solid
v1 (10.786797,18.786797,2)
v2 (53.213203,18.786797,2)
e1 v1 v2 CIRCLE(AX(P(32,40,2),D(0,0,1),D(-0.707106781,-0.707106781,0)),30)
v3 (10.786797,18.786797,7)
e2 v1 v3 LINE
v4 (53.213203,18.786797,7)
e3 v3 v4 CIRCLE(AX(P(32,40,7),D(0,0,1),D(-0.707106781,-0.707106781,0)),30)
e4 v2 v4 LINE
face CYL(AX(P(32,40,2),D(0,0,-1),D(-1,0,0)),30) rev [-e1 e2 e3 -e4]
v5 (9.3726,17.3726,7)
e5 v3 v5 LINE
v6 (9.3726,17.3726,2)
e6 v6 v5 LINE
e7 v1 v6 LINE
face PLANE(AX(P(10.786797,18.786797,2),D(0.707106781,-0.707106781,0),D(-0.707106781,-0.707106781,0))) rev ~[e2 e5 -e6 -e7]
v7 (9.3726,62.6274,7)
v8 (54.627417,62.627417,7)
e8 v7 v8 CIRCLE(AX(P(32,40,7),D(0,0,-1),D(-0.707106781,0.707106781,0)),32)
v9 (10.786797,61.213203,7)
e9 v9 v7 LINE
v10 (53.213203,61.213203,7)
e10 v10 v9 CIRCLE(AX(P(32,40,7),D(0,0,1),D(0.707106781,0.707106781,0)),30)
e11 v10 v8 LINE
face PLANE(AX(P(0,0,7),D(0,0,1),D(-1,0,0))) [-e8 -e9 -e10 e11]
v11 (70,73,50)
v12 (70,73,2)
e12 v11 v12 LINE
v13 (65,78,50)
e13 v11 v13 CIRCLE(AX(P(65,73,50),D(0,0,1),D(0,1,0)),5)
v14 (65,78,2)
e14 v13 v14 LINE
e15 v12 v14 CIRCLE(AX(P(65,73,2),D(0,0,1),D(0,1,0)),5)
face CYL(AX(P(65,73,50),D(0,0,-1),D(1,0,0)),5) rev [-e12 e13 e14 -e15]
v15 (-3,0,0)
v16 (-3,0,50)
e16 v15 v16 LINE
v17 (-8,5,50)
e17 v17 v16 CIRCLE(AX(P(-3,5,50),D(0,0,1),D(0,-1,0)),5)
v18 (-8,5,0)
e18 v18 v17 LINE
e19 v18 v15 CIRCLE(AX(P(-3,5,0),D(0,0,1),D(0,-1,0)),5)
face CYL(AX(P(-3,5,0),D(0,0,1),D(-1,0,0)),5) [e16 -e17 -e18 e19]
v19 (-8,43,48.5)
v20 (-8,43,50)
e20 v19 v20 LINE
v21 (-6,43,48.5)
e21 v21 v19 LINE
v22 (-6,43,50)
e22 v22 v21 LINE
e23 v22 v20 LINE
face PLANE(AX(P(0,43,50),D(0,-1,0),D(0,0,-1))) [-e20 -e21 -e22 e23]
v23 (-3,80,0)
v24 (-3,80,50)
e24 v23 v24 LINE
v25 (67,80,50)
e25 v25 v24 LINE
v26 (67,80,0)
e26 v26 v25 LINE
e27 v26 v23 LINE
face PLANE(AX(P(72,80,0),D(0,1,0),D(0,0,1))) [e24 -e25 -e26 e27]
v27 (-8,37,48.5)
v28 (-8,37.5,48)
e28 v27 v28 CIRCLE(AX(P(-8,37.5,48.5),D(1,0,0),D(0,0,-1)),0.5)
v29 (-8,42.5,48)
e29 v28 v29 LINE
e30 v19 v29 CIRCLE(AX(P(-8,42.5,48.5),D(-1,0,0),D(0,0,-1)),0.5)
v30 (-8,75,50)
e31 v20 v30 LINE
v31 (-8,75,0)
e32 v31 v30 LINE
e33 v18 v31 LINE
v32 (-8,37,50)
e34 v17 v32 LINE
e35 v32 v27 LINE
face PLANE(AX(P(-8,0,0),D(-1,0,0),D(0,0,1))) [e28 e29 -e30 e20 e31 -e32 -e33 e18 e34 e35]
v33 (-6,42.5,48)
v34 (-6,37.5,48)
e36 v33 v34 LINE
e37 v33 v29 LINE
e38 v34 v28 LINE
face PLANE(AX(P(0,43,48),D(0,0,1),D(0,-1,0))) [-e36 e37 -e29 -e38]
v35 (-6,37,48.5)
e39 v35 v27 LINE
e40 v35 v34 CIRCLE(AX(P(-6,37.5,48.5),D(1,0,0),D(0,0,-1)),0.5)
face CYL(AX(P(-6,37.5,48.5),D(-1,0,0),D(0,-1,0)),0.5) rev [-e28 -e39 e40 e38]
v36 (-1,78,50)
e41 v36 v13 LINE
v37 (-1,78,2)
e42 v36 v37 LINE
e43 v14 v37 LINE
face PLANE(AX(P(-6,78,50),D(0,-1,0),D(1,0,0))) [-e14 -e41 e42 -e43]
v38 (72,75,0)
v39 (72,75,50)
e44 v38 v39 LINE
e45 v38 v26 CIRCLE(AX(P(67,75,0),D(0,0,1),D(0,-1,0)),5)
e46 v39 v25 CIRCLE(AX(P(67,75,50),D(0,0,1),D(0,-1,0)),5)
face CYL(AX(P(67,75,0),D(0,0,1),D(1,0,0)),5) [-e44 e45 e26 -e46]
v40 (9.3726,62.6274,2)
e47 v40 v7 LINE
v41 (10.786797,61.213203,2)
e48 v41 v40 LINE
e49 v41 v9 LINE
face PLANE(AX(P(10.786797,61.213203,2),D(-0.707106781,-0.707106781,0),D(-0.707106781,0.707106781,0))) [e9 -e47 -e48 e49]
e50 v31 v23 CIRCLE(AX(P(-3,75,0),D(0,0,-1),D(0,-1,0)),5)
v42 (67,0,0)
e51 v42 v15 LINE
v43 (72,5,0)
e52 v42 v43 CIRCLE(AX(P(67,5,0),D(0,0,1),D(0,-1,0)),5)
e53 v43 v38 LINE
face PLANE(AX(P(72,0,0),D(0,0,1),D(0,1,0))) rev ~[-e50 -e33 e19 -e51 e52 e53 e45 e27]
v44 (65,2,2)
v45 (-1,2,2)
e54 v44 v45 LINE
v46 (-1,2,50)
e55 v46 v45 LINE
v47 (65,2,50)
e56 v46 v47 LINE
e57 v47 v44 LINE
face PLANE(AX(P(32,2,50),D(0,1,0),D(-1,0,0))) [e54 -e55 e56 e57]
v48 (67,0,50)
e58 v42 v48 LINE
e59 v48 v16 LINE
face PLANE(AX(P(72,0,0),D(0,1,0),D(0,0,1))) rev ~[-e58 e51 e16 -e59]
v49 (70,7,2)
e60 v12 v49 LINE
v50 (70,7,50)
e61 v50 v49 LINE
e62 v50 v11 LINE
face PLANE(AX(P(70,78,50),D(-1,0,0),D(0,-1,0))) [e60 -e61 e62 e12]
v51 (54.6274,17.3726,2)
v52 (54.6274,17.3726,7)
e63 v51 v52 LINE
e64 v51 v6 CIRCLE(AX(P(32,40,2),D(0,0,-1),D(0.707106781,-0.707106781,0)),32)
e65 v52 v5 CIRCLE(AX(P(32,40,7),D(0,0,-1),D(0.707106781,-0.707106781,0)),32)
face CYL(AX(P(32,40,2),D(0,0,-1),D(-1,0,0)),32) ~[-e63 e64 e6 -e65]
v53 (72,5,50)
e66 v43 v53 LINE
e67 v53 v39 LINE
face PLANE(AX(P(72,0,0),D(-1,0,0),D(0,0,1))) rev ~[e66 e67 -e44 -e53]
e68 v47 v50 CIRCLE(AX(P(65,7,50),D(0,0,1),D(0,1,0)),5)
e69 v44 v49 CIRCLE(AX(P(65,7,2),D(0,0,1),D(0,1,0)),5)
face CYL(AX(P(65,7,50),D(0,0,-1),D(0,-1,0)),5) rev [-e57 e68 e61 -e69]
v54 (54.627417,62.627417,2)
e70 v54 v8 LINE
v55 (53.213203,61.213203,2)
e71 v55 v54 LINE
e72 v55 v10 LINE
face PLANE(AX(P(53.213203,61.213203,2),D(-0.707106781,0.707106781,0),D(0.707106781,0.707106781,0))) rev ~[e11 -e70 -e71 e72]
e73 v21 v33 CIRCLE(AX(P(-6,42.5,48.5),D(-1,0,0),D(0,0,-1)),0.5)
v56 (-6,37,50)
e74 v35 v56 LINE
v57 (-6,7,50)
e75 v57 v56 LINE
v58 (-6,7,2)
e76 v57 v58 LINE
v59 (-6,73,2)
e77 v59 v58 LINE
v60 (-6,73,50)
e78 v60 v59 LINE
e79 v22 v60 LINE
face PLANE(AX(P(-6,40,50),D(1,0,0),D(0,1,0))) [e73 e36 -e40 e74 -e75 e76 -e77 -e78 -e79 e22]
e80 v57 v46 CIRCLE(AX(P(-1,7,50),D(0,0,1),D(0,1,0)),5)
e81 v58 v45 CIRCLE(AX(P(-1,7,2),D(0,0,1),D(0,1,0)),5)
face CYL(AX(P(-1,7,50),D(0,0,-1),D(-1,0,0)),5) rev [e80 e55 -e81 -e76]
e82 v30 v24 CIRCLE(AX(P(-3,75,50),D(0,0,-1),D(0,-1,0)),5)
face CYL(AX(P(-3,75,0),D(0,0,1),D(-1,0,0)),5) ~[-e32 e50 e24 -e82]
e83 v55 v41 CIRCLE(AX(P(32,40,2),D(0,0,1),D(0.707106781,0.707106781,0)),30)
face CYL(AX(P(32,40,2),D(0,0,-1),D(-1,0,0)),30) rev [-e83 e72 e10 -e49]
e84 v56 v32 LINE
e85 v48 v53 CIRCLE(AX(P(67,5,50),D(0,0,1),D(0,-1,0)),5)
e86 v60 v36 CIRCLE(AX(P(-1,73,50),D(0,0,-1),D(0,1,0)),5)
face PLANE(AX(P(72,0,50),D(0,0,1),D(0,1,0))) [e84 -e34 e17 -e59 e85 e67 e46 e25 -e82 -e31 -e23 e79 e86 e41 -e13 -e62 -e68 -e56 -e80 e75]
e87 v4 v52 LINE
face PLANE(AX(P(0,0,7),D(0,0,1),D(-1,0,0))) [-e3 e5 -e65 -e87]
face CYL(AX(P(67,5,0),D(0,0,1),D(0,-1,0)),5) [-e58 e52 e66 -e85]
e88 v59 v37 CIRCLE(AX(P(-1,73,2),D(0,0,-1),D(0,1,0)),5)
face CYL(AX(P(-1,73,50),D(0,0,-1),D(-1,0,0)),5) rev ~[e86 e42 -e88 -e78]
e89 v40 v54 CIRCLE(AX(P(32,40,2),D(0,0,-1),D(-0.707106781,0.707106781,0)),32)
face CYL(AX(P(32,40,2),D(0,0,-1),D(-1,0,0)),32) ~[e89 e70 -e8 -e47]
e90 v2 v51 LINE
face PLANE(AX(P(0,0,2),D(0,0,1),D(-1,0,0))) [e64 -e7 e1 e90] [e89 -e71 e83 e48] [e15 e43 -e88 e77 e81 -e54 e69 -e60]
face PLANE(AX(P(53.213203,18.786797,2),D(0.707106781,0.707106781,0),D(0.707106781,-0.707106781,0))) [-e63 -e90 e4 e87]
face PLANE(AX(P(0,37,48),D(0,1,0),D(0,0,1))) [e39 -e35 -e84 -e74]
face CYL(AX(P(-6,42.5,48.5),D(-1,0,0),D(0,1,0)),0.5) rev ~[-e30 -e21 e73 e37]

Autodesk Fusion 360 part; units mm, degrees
sketch "Sketch1" plane through (0, 0, 0) normal (0, 0, 1) x (1, 0, 0)
box "BoxPrimitive1" add length 80 width 80 height 50 placed x (0, 1, 0) y (-1, 0, 0) z (0, 0, 1) at (72, 0, 0)
sketch "Sketch3" plane through (0, 0, 50) normal (0, 0, 1) x (-1, 0, 0)
  line L0 (-72, -80) -> (8, -80)
  line L1 (8, -80) -> (8, 0)
  line L2 (8, 0) -> (-72, 0)
  line L3 (-72, 0) -> (-72, -80)
  line L4 (8, 0) -> (-72, 0)
  line L5 (-72, 0) -> (-72, -80)
  line L6 (-72, -80) -> (8, -80)
  line L7 (8, -80) -> (8, 0)
  line L8 (8, 0) -> (-72, -80) construction
  line L9 (-72, 0) -> (8, -80) construction
  line L10 (6, -78) -> (-70, -78)
  line L11 (-70, -78) -> (-70, -2)
  line L12 (-70, -2) -> (6, -2)
  line L13 (6, -2) -> (6, -78)
  line L14 (6, -78) -> (-70, -2) construction
  line L15 (-70, -78) -> (6, -2) construction
  line L16 (-32, 0) -> (-32, -80)
  line L17 (8, -40) -> (-72, -40)
  point P0 (-32, -40)
  point P1 (-32, -40)
  dimension "d14" = 80
  dimension "d17" = 76
extrude "Extrude1" cut sketch "Sketch3" against normal blind 48 contours L10 L13 L16 L17 | L10 L11 L16 L17 | L11 L12 L16 L17 | L12 L13 L16 L17
sketch "Sketch4" plane through (0, 0, 0) normal (1, 0, 0) x (0, 1, 0)
  line L0 (0, 50) -> (80, 50)
  line L1 (43, 48) -> (37, 48)
  line L2 (37, 48) -> (37, 50)
  line L3 (43, 50) -> (43, 48)
  line L4 (43, 48) -> (40, 50) construction
  line L5 (37, 48) -> (40, 50) construction
extrude "Extrude2" cut sketch "Sketch4" against normal blind 10
fillet "Fillet1" radius 5 4 edges at (-6, 78, 26) (-6, 2, 26) (70, 2, 26) (70, 78, 26)
sketch "Sketch6" plane through (0, 0, 0) normal (0, -1, 0) x (1, 0, 0)
  line L0 (-8, 50) -> (-8, 0)
  line L1 (-8, 0) -> (72, 0)
  line L2 (72, 0) -> (72, 50)
  line L3 (72, 50) -> (-8, 50)
ref_plane "WorkPlane1" through (0, 40, 0) normal (0, -1, 0) x (1, 0, 0)
sketch "Sketch7" plane through (0, 40, 0) normal (0, -1, 0) x (-1, 0, 0)
fillet "Fillet2" radius 0.5 2 edges at (-7, 37, 48) (-7, 43, 48)
sketch "Sketch8" plane through (0, 0, 2) normal (0, 0, 1) x (-1, 0, 0)
  circle A0 centre (-32, -40) radius 30
  circle A1 centre (-32, -40) radius 32
  line L0 (-32, -40) -> (-32, -7)
  line L1 (-32, -40) -> (-32, -72)
  line L2 (-32, -40) -> (0, -40)
  line L3 (-32, -40) -> (-64, -40)
  line L4 (-32, -40) -> (-9.3726, -62.6274)
  line L5 (-32, -40) -> (-54.6505, -62.6505)
  line L6 (-32, -40) -> (-64.0327, -40) construction
  line L7 (-32, -40) -> (-9.3726, -17.3726)
  line L8 (-32, -40) -> (0, -40) construction
  line L9 (-32, -40) -> (-54.6274, -17.3726)
  line L10 (-32, -40) -> (-64, -40) construction
  arc A2 (-70, -73) -> (-65, -78) centre (-65, -73) ccw
  line L11 (-65, -78) -> (1, -78)
  arc A3 (1, -78) -> (6, -73) centre (1, -73) ccw
  line L12 (6, -73) -> (6, -7)
  arc A4 (6, -7) -> (1, -2) centre (1, -7) ccw
  line L13 (1, -2) -> (-65, -2)
  arc A5 (-65, -2) -> (-70, -7) centre (-65, -7) ccw
  line L14 (-70, -7) -> (-70, -73)
  dimension "d29" = 45
  dimension "d30" = 45
  dimension "d31" = 45
  dimension "d32" = 45
extrude "Extrude3" add sketch "Sketch8" along normal blind 5 contours A0 A1 L0 L7 | A0 A1 L1 L4 | A0 A1 L0 L9 | A0 A1 L1 L5
fillet "Fillet3" radius 5 4 edges at (72, 80, 25) (72, 0, 25) (-8, 80, 25) (-8, 0, 25)
